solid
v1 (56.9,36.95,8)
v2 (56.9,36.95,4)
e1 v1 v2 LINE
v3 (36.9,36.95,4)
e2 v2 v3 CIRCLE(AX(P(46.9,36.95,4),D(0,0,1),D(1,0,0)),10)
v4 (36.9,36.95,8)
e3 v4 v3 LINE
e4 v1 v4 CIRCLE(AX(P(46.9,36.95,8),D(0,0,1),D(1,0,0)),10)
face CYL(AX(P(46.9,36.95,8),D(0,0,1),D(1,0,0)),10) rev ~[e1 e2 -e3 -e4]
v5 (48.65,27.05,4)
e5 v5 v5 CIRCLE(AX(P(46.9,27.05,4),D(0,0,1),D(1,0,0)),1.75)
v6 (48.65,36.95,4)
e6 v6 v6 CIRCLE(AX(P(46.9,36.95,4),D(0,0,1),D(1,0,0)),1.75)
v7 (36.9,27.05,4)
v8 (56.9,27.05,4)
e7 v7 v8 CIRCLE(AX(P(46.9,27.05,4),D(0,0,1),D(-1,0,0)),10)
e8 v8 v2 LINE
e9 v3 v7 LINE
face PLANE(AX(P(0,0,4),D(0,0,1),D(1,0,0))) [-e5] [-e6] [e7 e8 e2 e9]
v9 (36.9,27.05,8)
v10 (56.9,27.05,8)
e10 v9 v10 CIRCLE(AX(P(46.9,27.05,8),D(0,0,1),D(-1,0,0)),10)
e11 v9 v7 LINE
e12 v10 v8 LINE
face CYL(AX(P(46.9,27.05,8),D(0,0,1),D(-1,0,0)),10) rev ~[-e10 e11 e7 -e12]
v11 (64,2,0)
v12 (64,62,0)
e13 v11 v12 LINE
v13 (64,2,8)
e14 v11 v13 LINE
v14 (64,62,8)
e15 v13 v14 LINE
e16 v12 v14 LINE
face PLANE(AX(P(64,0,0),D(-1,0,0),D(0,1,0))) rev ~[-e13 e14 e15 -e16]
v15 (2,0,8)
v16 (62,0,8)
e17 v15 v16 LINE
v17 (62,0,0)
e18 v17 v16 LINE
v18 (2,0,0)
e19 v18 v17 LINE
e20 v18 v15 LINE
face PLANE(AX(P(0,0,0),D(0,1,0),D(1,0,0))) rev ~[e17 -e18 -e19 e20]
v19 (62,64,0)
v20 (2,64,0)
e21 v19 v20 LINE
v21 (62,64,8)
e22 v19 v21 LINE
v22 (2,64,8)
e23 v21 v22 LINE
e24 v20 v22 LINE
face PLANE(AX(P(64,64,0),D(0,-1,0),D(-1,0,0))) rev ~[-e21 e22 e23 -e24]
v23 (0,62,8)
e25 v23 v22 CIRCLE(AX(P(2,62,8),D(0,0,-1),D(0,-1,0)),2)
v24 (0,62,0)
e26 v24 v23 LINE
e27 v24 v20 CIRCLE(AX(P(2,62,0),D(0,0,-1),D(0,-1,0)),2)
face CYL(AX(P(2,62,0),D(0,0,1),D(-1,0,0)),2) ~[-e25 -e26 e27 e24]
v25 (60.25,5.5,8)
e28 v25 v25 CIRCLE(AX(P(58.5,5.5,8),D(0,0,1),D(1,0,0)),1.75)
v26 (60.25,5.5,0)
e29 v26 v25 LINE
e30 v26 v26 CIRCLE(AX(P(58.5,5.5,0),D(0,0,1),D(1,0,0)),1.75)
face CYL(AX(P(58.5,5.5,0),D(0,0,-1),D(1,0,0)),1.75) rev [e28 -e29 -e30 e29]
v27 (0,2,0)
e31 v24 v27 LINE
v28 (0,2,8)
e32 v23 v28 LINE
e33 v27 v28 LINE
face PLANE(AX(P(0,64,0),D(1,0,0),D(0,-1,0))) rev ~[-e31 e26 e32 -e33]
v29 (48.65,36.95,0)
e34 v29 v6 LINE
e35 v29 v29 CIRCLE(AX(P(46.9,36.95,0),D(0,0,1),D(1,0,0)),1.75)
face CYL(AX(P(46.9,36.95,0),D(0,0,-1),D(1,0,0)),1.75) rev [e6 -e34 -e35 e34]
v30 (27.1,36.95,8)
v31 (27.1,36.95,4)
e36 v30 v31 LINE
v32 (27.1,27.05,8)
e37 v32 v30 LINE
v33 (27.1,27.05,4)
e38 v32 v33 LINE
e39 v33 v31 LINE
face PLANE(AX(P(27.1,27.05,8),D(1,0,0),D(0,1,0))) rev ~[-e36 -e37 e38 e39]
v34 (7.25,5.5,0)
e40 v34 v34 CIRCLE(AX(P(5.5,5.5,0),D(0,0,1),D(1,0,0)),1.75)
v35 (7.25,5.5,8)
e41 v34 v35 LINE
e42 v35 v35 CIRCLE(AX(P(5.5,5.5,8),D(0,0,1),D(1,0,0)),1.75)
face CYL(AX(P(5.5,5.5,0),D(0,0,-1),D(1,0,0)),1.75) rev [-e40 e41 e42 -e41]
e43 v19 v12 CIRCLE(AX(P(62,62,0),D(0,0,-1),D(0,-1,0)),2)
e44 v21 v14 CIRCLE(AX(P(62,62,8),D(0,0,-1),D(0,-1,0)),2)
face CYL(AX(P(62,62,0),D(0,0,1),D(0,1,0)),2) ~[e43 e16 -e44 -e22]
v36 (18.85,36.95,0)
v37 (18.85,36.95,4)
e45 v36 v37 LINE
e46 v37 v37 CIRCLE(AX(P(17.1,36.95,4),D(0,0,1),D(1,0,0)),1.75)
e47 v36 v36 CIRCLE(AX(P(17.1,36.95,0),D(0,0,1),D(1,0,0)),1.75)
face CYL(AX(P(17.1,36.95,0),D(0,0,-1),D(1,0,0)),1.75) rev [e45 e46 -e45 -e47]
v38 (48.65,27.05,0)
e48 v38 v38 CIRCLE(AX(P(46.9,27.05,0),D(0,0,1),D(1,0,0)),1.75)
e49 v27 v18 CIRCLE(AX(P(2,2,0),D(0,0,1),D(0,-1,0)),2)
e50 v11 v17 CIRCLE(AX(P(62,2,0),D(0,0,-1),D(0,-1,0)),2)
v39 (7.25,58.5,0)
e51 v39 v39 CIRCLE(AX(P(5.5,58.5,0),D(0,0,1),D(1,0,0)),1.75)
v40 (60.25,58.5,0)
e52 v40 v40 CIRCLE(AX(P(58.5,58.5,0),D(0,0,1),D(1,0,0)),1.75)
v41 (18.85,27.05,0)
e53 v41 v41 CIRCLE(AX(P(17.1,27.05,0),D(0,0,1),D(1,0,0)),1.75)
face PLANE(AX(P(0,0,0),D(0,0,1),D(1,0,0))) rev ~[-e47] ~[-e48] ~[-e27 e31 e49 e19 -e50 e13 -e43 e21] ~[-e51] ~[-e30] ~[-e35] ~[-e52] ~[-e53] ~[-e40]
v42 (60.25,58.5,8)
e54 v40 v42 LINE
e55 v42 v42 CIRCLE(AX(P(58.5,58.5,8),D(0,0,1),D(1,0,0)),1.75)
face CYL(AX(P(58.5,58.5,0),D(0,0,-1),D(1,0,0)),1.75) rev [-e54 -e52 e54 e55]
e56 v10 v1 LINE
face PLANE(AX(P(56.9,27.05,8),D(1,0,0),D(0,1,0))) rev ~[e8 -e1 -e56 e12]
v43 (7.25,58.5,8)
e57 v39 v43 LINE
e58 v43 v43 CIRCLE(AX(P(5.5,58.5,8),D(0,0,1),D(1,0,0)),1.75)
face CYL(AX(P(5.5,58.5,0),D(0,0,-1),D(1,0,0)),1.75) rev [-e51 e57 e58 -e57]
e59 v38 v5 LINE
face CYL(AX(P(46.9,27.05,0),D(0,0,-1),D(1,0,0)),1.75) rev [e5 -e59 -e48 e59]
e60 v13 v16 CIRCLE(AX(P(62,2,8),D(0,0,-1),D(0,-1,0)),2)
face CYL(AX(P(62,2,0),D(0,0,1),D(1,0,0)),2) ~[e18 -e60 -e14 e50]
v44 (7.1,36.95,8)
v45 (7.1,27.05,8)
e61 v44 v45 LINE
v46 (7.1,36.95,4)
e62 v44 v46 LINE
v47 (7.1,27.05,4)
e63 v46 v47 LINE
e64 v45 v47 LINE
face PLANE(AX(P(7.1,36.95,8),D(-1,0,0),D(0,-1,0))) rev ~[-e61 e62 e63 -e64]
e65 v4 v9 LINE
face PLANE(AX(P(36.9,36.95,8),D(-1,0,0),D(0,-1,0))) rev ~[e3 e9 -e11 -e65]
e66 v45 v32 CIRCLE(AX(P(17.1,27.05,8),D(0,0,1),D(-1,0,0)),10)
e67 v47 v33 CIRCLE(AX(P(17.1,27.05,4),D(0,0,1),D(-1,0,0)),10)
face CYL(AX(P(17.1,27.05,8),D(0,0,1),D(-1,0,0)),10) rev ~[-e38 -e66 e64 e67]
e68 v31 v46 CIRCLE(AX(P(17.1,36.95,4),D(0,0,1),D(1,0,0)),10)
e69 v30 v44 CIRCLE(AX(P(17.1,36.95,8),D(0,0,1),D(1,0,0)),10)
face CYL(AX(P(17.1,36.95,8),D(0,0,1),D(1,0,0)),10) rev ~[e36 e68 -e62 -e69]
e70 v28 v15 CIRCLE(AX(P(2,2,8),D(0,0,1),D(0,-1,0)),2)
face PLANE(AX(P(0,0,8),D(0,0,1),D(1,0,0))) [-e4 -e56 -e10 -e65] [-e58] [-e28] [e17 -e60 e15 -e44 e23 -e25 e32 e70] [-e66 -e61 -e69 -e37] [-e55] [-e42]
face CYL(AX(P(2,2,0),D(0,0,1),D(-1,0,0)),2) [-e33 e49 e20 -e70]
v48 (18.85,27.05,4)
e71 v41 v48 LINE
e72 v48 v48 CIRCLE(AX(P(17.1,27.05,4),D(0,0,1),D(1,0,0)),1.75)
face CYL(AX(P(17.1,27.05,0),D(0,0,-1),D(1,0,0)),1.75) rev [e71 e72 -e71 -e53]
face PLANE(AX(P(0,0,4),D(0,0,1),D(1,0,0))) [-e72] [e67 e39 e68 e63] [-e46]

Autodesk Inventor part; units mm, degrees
ref_plane "YZ Plane" through (0, 0, 0) normal (1, 0, 0) x (0, 1, 0)
ref_plane "XZ Plane" through (0, 0, 0) normal (0, 1, 0) x (-1, 0, 0)
ref_plane "XY Plane" through (0, 0, 0) normal (0, 0, 1) x (1, 0, 0)
sketch "スケッチ1" plane through (0, 0, 0) normal (0, 0, 1) x (1, 0, 0)
  line L0 (0, 0) -> (64, 0)
  line L1 (64, 0) -> (64, 64)
  line L2 (64, 64) -> (0, 64)
  line L3 (0, 64) -> (0, 0)
  line L4 (5.5, 58.5) -> (58.5, 58.5) construction
  line L5 (58.5, 58.5) -> (58.5, 5.5) construction
  line L6 (58.5, 5.5) -> (5.5, 5.5) construction
  line L7 (5.5, 5.5) -> (5.5, 58.5) construction
  circle A0 centre (5.5, 58.5) radius 1.75
  circle A1 centre (5.5, 5.5) radius 1.75
  circle A2 centre (58.5, 5.5) radius 1.75
  circle A3 centre (58.5, 58.5) radius 1.75
  line L8 (0, 32) -> (64, 32) construction
  line L9 (32, 64) -> (32, 0) construction
  line L10 (17.1, 27.05) -> (46.9, 27.05) construction
  line L11 (46.9, 27.05) -> (46.9, 36.95) construction
  line L12 (46.9, 36.95) -> (17.1, 36.95) construction
  line L13 (17.1, 36.95) -> (17.1, 27.05) construction
  line L14 (17.1, 27.05) -> (46.9, 36.95) construction
  line L15 (46.9, 27.05) -> (17.1, 36.95) construction
  circle A4 centre (46.9, 36.95) radius 1.75
  circle A5 centre (46.9, 27.05) radius 1.75
  circle A6 centre (17.1, 27.05) radius 1.75
  circle A7 centre (17.1, 36.95) radius 1.75
  point P0 (32, 32)
  dimension "d0" = 64
  dimension "d2" = 53
  dimension "d3" = 3.5
  dimension "d4" = 3.5
  dimension "d5" = 9.9
  dimension "d6" = 29.8
extrude "押し出し1" add sketch "スケッチ1" along normal blind 8
fillet "フィレット1" radius 2 4 edges at (0, 0, 4) (64, 0, 4) (64, 64, 4) (0, 64, 4)
sketch "スケッチ2" plane through (0, 0, 8) normal (0, 0, 1) x (1, 0, 0)
  circle A0 centre (17.1, 36.95) radius 1.75 projected
  circle A1 centre (17.1, 27.05) radius 1.75 projected
  line L0 (17.1, 36.95) -> (17.1, 27.05) construction
  line L1 (7.1, 36.95) -> (7.1, 27.05)
  line L2 (27.1, 27.05) -> (27.1, 36.95)
  arc A2 (27.1, 36.95) -> (7.1, 36.95) centre (17.1, 36.95) ccw
  arc A3 (7.1, 27.05) -> (27.1, 27.05) centre (17.1, 27.05) ccw
  circle A4 centre (46.9, 36.95) radius 1.75 projected
  circle A5 centre (46.9, 27.05) radius 1.75 projected
  line L3 (46.9, 36.95) -> (46.9, 27.05) construction
  line L4 (36.9, 36.95) -> (36.9, 27.05)
  line L5 (56.9, 27.05) -> (56.9, 36.95)
  arc A6 (56.9, 36.95) -> (36.9, 36.95) centre (46.9, 36.95) ccw
  arc A7 (36.9, 27.05) -> (56.9, 27.05) centre (46.9, 27.05) ccw
  point P0 (0, 0)
  point P1 (17.1, 32)
  point P2 (46.9, 32)
  dimension "d10" = 10
  dimension "d11" = 10
extrude "押し出し2" cut sketch "スケッチ2" against normal blind 4
properties part number "_3D プリント"
